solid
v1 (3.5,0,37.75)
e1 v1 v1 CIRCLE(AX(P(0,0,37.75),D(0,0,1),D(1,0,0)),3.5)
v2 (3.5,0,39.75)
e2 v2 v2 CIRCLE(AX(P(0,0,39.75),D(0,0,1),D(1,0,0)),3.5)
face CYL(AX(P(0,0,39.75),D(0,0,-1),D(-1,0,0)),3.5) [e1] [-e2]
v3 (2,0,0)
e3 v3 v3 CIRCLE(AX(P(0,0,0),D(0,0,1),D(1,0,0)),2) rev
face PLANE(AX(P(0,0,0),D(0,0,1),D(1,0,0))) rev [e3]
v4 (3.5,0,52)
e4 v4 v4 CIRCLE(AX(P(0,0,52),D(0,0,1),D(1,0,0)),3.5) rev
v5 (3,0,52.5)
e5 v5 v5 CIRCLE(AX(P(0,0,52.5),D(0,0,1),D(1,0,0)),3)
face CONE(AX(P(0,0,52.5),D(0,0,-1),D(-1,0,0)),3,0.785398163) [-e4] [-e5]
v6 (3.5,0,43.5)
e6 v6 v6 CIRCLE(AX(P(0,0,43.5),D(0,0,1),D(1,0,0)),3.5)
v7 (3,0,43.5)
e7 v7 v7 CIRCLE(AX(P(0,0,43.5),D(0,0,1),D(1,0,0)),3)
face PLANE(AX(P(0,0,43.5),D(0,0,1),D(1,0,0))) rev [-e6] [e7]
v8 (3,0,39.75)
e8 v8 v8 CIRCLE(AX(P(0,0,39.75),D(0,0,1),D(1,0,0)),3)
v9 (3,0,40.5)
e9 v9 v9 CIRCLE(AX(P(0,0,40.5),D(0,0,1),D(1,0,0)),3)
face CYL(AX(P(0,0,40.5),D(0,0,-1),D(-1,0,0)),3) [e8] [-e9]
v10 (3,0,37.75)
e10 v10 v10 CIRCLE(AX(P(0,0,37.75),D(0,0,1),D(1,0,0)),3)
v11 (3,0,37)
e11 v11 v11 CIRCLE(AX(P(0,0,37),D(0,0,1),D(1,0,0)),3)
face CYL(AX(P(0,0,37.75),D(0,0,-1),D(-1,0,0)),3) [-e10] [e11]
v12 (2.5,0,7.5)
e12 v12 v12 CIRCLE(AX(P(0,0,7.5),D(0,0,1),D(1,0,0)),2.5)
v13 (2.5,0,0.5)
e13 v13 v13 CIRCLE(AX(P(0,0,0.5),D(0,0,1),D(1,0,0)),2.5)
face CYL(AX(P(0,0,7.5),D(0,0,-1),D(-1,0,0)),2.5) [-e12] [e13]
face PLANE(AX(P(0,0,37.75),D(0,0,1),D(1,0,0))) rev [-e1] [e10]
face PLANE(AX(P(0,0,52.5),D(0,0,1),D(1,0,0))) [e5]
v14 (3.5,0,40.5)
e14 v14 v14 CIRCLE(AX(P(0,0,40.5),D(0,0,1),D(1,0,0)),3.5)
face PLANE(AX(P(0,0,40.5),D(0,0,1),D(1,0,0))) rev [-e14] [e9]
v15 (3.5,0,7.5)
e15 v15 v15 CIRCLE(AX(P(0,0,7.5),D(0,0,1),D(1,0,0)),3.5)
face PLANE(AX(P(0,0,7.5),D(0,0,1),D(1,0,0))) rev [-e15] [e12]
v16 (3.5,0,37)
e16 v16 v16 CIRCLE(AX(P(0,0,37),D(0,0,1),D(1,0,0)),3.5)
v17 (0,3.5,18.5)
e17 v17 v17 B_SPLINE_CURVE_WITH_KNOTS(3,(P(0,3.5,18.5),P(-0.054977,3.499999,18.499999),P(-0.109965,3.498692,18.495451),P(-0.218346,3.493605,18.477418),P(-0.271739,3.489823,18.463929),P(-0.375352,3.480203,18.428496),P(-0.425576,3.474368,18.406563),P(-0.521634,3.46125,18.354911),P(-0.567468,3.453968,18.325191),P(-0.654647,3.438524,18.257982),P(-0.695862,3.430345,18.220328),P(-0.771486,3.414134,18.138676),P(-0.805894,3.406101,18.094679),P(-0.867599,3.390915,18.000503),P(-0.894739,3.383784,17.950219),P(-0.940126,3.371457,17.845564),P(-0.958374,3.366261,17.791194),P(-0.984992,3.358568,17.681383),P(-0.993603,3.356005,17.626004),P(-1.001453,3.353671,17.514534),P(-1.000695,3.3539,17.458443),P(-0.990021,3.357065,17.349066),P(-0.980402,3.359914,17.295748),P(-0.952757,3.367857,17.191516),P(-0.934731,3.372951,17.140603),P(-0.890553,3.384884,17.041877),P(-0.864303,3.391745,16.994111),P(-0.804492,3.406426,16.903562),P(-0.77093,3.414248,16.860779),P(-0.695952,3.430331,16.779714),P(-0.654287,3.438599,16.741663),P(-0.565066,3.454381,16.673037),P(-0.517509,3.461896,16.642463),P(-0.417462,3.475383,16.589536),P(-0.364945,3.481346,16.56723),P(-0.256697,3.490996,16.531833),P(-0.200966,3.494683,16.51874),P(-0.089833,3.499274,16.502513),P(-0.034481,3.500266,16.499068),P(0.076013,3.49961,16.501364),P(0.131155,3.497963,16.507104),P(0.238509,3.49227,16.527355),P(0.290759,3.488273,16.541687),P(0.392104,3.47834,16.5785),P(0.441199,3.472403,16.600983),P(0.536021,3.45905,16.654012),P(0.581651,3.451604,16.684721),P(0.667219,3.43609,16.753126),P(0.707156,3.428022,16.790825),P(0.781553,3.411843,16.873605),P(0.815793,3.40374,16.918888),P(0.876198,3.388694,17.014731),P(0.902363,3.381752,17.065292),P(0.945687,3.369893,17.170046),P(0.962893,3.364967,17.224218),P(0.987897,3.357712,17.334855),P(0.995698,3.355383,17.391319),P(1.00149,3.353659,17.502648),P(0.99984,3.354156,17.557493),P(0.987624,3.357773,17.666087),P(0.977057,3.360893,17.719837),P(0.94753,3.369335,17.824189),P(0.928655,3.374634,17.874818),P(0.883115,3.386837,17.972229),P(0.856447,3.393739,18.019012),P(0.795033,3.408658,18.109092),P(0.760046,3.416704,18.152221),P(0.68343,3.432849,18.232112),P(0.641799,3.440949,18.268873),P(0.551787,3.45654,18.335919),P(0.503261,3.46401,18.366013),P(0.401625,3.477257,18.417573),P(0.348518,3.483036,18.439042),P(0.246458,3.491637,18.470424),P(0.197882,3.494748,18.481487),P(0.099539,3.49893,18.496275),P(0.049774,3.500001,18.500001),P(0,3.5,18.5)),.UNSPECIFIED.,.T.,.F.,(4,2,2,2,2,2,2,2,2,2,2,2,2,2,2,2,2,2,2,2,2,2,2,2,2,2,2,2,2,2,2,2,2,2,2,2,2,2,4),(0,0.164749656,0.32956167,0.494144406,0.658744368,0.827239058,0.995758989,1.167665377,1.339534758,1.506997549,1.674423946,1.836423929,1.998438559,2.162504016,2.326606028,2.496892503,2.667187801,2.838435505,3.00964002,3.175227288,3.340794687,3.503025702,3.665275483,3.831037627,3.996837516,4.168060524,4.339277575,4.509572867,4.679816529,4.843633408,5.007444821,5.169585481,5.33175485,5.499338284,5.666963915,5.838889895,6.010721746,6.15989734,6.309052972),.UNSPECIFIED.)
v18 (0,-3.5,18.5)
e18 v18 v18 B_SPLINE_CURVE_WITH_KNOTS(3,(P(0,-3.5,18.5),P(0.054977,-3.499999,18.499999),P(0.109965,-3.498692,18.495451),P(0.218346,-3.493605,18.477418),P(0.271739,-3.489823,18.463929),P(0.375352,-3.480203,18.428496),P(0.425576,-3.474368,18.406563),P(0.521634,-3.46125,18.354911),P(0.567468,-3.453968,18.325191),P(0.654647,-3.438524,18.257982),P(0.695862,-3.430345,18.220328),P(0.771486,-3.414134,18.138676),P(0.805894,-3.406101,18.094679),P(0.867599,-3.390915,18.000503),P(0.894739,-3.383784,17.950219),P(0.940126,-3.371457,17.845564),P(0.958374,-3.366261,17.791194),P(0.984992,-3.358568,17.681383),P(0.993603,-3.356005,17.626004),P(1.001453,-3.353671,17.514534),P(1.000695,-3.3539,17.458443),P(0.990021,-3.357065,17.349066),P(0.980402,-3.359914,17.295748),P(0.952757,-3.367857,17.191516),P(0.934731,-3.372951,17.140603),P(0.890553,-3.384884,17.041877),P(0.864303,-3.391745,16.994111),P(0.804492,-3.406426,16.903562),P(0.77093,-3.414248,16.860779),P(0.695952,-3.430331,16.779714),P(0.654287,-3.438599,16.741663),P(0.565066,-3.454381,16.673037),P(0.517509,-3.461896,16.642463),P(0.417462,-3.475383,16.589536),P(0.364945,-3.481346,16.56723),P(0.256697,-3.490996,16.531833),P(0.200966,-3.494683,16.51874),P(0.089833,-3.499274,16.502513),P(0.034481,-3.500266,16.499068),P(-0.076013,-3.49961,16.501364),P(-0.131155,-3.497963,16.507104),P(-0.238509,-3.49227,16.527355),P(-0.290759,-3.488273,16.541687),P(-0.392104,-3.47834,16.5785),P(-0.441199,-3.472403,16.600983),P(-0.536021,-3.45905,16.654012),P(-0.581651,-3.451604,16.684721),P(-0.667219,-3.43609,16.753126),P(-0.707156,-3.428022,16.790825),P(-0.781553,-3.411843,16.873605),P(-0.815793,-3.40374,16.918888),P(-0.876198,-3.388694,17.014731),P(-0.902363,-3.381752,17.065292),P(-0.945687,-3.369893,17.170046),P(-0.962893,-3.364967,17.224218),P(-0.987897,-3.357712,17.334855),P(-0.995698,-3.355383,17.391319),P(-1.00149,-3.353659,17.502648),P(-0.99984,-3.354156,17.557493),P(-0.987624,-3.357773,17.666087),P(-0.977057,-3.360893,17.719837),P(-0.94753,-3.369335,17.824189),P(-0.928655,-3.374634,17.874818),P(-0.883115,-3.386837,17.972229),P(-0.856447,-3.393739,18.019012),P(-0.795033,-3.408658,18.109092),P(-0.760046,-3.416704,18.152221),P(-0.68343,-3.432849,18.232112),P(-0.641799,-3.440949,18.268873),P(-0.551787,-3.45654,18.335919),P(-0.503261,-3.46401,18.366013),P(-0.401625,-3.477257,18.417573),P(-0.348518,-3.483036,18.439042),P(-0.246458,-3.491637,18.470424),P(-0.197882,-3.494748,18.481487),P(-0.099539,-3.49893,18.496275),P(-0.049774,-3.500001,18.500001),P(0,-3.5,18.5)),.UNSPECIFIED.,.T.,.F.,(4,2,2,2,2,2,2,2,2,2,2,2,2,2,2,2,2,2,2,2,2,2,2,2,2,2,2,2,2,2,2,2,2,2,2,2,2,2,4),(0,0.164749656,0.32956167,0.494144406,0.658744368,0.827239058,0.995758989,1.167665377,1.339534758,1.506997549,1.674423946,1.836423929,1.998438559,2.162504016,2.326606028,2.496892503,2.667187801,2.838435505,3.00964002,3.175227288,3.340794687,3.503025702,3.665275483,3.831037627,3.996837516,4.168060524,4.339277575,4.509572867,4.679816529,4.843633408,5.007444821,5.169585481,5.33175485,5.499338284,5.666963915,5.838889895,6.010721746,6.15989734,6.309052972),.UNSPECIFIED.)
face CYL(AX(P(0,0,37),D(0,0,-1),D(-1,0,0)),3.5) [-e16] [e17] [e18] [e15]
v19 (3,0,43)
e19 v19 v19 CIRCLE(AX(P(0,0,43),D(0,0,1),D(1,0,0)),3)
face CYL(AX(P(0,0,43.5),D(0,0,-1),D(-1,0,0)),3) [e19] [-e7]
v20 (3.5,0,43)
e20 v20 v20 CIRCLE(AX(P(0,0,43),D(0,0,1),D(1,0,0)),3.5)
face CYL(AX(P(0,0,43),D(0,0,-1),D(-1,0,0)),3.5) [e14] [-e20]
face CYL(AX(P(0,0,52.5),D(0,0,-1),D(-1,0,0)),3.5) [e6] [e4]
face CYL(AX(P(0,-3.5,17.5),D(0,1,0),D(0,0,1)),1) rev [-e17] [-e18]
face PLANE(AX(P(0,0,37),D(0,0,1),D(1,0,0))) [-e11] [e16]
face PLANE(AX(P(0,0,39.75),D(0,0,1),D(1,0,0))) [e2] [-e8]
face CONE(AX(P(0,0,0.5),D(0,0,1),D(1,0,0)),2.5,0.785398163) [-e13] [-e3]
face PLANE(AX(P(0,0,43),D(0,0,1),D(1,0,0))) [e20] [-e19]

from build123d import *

# Parameters (mm, degrees)
ESQUISSE1_R                  = 2.5
BOSS_EXTRU_1_DEPTH           = 7.5
ESQUISSE2_R                  = 3.5
BOSS_EXTRU_2_DEPTH           = 29.5
ESQUISSE3_R                  = 3
BOSS_EXTRU_3_DEPTH           = 0.75
ESQUISSE4_R                  = 3.5
BOSS_EXTRU_4_DEPTH           = 2
ESQUISSE5_R                  = 3
BOSS_EXTRU_5_DEPTH           = 0.75
ESQUISSE6_R                  = 3.5
BOSS_EXTRU_6_DEPTH           = 2.5
ESQUISSE7_R                  = 3
BOSS_EXTRU_7_DEPTH           = 0.5
ESQUISSE8_R                  = 3.5
BOSS_EXTRU_8_DEPTH           = 9
CHANFREIN2_SIZE              = 0.5
ENL_V_MAT_EXTRU_1_DEPTH      = 53.732817107
ENL_V_MAT_EXTRU_1_DEPTH_BACK = 53.732817107
ESQUISSE9_R                  = 1


with BuildPart() as part:
    # Esquisse1 → Boss.-Extru.1 (new body)
    with BuildSketch(Plane.XY):
        Circle(ESQUISSE1_R)
    extrude(amount=BOSS_EXTRU_1_DEPTH)

    # Esquisse2 → Boss.-Extru.2 (add)
    with BuildSketch(Plane.XY.offset(7.5)):
        Circle(ESQUISSE2_R)
    extrude(amount=BOSS_EXTRU_2_DEPTH)

    # Esquisse3 → Boss.-Extru.3 (add)
    with BuildSketch(Plane.XY.offset(37)):
        Circle(ESQUISSE3_R)
    extrude(amount=BOSS_EXTRU_3_DEPTH)

    # Esquisse4 → Boss.-Extru.4 (add)
    with BuildSketch(Plane.XY.offset(37.75)):
        Circle(ESQUISSE4_R)
    extrude(amount=BOSS_EXTRU_4_DEPTH)

    # Esquisse5 → Boss.-Extru.5 (add)
    with BuildSketch(Plane.XY.offset(39.75)):
        Circle(ESQUISSE5_R)
    extrude(amount=BOSS_EXTRU_5_DEPTH)

    # Esquisse6 → Boss.-Extru.6 (add)
    with BuildSketch(Plane.XY.offset(40.5)):
        Circle(ESQUISSE6_R)
    extrude(amount=BOSS_EXTRU_6_DEPTH)

    # Esquisse7 → Boss.-Extru.7 (add)
    with BuildSketch(Plane.XY.offset(43)):
        Circle(ESQUISSE7_R)
    extrude(amount=BOSS_EXTRU_7_DEPTH)

    # Esquisse8 → Boss.-Extru.8 (add)
    with BuildSketch(Plane.XY.offset(43.5)):
        Circle(ESQUISSE8_R)
    extrude(amount=BOSS_EXTRU_8_DEPTH)

    # Chanfrein2
    chanfrein2_edges = [part.edges().sort_by_distance(p)[0] for p in [
        (-2.5, 0, 0),
        (-3.5, 0, 52.5),
    ]]
    chamfer(chanfrein2_edges, length=CHANFREIN2_SIZE)

    # Esquisse9 → Enlèv. mat.-Extru.1 (cut, two sides: drawn at the far end of the back side and taken through both)
    with BuildSketch(Plane(origin=(0, 0, 0), x_dir=(1, 0, 0), z_dir=(0, 1, 0)).offset(-ENL_V_MAT_EXTRU_1_DEPTH_BACK)):
        with Locations(Location((0, -17.5, 0), (0, 0, 270))):
            Circle(ESQUISSE9_R)
    extrude(amount=ENL_V_MAT_EXTRU_1_DEPTH + ENL_V_MAT_EXTRU_1_DEPTH_BACK, mode=Mode.SUBTRACT)


solid = part.part
